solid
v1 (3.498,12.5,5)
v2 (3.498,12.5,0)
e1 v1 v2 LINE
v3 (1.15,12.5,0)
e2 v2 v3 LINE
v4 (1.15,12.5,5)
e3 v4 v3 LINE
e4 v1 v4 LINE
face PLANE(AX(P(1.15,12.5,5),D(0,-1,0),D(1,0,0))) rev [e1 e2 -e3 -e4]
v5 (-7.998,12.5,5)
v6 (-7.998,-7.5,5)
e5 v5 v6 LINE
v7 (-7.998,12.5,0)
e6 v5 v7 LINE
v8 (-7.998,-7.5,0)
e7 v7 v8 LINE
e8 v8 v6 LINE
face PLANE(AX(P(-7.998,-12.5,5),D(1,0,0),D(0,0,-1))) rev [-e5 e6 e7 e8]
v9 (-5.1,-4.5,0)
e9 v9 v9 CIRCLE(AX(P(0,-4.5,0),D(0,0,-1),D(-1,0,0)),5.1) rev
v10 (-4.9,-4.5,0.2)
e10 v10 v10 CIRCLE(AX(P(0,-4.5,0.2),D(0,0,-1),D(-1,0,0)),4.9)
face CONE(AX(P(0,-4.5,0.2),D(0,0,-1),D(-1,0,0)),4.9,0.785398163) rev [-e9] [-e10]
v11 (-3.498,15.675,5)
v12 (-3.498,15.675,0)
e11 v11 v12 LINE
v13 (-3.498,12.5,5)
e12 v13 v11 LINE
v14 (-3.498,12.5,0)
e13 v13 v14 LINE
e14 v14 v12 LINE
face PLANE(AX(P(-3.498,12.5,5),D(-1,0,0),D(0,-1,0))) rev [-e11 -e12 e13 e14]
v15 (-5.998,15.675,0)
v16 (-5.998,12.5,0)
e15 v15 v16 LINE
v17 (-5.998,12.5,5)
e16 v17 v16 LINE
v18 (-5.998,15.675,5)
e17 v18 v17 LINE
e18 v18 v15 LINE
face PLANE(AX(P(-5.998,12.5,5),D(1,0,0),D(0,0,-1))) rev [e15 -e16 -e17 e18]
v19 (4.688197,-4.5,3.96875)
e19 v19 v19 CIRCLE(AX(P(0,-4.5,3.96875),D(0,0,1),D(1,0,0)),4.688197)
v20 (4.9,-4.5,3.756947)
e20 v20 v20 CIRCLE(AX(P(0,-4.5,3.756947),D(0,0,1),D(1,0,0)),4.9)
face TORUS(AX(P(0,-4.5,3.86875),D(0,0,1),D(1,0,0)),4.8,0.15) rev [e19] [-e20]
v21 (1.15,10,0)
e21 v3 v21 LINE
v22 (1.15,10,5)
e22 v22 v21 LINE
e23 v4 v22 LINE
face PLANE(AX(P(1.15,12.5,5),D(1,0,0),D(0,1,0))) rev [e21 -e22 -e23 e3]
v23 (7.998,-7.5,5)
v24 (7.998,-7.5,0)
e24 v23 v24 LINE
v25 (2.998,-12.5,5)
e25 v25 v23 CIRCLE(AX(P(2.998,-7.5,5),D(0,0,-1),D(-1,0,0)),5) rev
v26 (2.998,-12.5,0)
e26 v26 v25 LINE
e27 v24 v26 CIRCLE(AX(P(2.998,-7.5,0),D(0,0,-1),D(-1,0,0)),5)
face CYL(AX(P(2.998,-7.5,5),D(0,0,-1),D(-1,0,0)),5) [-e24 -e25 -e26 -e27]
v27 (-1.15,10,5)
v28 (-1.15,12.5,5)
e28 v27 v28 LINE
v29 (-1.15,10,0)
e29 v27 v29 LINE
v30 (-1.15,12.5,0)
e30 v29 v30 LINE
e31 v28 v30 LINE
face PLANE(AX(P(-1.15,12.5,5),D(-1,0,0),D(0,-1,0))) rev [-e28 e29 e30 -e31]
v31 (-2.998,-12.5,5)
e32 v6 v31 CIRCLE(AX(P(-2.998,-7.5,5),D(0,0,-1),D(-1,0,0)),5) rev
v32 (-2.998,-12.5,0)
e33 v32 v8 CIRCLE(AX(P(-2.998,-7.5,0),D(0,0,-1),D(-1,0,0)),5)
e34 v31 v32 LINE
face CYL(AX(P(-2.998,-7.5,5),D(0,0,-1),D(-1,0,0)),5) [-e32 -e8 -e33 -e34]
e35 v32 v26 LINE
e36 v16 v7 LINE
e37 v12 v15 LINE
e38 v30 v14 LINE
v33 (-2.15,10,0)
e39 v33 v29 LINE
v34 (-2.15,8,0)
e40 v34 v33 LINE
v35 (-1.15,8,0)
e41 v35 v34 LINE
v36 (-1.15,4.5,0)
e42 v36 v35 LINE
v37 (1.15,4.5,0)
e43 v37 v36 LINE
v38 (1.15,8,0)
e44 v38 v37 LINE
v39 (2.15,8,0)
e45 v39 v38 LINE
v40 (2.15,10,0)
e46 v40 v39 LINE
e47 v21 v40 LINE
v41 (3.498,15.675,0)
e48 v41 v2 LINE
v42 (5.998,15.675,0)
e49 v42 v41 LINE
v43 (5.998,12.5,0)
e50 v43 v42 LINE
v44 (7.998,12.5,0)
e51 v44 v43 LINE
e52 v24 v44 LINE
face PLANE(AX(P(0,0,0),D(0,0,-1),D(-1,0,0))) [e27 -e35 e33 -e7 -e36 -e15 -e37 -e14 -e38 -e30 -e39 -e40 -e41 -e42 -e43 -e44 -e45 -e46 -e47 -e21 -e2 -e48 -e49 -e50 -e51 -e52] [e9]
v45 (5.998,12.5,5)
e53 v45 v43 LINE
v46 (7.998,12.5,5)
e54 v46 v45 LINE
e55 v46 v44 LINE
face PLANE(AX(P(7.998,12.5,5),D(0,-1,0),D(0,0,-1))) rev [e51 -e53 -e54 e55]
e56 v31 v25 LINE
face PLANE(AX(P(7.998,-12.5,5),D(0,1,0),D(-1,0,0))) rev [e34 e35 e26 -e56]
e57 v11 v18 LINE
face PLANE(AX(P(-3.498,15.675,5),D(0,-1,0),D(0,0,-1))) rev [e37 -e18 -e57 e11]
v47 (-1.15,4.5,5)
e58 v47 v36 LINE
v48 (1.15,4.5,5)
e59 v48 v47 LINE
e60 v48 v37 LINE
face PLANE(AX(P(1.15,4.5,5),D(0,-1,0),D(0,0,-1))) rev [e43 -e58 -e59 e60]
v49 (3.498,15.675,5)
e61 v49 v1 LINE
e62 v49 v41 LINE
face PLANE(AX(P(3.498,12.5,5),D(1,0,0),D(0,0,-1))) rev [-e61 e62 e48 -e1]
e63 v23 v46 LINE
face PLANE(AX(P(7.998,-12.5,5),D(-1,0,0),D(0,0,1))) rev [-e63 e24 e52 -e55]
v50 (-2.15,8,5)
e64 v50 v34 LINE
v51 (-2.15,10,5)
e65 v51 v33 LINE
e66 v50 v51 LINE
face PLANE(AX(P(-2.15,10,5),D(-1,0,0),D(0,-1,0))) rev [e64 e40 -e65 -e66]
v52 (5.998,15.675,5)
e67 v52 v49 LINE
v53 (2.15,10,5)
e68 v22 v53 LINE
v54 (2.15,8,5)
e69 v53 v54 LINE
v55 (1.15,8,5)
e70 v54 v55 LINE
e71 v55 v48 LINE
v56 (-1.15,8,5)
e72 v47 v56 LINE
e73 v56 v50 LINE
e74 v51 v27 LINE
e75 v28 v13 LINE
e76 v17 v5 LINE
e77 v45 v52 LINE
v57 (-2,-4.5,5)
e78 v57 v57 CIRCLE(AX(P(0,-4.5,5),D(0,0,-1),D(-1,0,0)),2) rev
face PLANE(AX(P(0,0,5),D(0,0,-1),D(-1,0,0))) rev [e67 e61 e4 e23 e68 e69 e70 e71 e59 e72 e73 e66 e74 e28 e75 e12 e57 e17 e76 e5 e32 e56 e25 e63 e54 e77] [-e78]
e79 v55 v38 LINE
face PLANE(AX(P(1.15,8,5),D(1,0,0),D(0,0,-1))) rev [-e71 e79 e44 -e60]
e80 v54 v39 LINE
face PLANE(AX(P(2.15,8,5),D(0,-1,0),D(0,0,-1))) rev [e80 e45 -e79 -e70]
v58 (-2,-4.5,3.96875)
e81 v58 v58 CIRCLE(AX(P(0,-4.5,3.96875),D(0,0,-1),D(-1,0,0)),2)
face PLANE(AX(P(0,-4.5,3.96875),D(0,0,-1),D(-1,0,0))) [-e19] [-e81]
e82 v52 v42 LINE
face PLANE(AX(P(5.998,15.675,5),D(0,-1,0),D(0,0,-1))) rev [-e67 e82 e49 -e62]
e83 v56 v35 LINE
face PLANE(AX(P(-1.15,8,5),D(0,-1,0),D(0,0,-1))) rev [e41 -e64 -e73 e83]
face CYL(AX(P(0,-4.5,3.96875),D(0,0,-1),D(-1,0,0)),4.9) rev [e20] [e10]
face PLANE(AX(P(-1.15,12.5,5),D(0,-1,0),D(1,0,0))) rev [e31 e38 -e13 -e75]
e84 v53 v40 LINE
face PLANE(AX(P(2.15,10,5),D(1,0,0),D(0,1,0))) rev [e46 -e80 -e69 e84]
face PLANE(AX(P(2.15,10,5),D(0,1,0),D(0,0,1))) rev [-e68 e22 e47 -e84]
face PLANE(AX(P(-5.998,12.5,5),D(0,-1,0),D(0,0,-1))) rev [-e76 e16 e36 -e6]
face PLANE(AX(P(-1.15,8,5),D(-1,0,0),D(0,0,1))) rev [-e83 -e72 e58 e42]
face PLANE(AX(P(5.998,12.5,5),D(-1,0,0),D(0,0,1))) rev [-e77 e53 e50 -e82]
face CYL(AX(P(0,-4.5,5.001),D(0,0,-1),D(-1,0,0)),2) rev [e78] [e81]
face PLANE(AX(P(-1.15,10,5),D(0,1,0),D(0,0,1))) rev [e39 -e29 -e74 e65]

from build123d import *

# Parameters (mm, degrees)
BOSS_EXTRUDE1_DEPTH = 5
SKETCH2_R           = 4.9
CUT_EXTRUDE1_DEPTH  = 3.96875
CUT_EXTRUDE2_REACH  = 3.031
SKETCH3_R           = 2
FILLET1_R           = 5
CHAMFER1_SIZE       = 0.2
SKETCH5_R           = 0.15


with BuildPart() as part:
    # Sketch1 → Boss-Extrude1 (new body)
    with BuildSketch(Plane.XY):
        Polygon((7.998, 12.5), (5.998, 12.5), (5.998, 15.675), (3.498, 15.675), (3.498, 12.5), (1.15, 12.5), (1.15, 10), (2.15, 10), (2.15, 8), (1.15, 8), (1.15, 4.5), (-1.15, 4.5), (-1.15, 8), (-2.15, 8), (-2.15, 10), (-1.15, 10), (-1.15, 12.5), (-3.498, 12.5), (-3.498, 15.675), (-5.998, 15.675), (-5.998, 12.5), (-7.998, 12.5), (-7.998, -12.5), (7.998, -12.5), align=None)
    extrude(amount=BOSS_EXTRUDE1_DEPTH)

    # Sketch2 → Cut-Extrude1 (cut)
    with BuildSketch(Plane(origin=(0, 0, 0), x_dir=(-1, 0, 0), z_dir=(0, 0, -1))):
        with Locations((0, -4.5)):
            Circle(SKETCH2_R)
    extrude(amount=-CUT_EXTRUDE1_DEPTH, mode=Mode.SUBTRACT)

    # Sketch3 → Cut-Extrude2 (cut, up to next)
    with BuildSketch(Plane(origin=(0, 0, 3.96875), x_dir=(-1, 0, 0), z_dir=(0, 0, -1)), mode=Mode.PRIVATE) as cut_extrude2_sk1:
        with Locations((0, -4.5)):
            Circle(SKETCH3_R)
    cut_extrude2_tool1 = extrude(cut_extrude2_sk1.sketch, amount=-CUT_EXTRUDE2_REACH, mode=Mode.PRIVATE) & part.part
    add(cut_extrude2_tool1.solids().sort_by_distance((0, -4.5, 3.96875))[0], mode=Mode.SUBTRACT)

    # Fillet1
    fillet1_edges = [part.edges().sort_by_distance(p)[0] for p in [
        (7.998, -12.5, 2.5),
        (-7.998, -12.5, 2.5),
    ]]
    fillet(fillet1_edges, radius=FILLET1_R)

    # Chamfer1
    chamfer1_edges = [part.edges().sort_by_distance(p)[0] for p in [
        (4.9, -4.5, 0),
    ]]
    chamfer(chamfer1_edges, length=CHAMFER1_SIZE)

    # Sketch5 → Cut-Revolve1 (revolve, cut)
    with BuildSketch(Plane(origin=(0, 0, 0), x_dir=(0, 0, -1), z_dir=(1, 0, 0))):
        with Locations((-3.86875, -9.3)):
            Circle(SKETCH5_R)
    revolve(axis=Axis((0, -4.5, 5), (0, 0, -1)), mode=Mode.SUBTRACT)


solid = part.part
